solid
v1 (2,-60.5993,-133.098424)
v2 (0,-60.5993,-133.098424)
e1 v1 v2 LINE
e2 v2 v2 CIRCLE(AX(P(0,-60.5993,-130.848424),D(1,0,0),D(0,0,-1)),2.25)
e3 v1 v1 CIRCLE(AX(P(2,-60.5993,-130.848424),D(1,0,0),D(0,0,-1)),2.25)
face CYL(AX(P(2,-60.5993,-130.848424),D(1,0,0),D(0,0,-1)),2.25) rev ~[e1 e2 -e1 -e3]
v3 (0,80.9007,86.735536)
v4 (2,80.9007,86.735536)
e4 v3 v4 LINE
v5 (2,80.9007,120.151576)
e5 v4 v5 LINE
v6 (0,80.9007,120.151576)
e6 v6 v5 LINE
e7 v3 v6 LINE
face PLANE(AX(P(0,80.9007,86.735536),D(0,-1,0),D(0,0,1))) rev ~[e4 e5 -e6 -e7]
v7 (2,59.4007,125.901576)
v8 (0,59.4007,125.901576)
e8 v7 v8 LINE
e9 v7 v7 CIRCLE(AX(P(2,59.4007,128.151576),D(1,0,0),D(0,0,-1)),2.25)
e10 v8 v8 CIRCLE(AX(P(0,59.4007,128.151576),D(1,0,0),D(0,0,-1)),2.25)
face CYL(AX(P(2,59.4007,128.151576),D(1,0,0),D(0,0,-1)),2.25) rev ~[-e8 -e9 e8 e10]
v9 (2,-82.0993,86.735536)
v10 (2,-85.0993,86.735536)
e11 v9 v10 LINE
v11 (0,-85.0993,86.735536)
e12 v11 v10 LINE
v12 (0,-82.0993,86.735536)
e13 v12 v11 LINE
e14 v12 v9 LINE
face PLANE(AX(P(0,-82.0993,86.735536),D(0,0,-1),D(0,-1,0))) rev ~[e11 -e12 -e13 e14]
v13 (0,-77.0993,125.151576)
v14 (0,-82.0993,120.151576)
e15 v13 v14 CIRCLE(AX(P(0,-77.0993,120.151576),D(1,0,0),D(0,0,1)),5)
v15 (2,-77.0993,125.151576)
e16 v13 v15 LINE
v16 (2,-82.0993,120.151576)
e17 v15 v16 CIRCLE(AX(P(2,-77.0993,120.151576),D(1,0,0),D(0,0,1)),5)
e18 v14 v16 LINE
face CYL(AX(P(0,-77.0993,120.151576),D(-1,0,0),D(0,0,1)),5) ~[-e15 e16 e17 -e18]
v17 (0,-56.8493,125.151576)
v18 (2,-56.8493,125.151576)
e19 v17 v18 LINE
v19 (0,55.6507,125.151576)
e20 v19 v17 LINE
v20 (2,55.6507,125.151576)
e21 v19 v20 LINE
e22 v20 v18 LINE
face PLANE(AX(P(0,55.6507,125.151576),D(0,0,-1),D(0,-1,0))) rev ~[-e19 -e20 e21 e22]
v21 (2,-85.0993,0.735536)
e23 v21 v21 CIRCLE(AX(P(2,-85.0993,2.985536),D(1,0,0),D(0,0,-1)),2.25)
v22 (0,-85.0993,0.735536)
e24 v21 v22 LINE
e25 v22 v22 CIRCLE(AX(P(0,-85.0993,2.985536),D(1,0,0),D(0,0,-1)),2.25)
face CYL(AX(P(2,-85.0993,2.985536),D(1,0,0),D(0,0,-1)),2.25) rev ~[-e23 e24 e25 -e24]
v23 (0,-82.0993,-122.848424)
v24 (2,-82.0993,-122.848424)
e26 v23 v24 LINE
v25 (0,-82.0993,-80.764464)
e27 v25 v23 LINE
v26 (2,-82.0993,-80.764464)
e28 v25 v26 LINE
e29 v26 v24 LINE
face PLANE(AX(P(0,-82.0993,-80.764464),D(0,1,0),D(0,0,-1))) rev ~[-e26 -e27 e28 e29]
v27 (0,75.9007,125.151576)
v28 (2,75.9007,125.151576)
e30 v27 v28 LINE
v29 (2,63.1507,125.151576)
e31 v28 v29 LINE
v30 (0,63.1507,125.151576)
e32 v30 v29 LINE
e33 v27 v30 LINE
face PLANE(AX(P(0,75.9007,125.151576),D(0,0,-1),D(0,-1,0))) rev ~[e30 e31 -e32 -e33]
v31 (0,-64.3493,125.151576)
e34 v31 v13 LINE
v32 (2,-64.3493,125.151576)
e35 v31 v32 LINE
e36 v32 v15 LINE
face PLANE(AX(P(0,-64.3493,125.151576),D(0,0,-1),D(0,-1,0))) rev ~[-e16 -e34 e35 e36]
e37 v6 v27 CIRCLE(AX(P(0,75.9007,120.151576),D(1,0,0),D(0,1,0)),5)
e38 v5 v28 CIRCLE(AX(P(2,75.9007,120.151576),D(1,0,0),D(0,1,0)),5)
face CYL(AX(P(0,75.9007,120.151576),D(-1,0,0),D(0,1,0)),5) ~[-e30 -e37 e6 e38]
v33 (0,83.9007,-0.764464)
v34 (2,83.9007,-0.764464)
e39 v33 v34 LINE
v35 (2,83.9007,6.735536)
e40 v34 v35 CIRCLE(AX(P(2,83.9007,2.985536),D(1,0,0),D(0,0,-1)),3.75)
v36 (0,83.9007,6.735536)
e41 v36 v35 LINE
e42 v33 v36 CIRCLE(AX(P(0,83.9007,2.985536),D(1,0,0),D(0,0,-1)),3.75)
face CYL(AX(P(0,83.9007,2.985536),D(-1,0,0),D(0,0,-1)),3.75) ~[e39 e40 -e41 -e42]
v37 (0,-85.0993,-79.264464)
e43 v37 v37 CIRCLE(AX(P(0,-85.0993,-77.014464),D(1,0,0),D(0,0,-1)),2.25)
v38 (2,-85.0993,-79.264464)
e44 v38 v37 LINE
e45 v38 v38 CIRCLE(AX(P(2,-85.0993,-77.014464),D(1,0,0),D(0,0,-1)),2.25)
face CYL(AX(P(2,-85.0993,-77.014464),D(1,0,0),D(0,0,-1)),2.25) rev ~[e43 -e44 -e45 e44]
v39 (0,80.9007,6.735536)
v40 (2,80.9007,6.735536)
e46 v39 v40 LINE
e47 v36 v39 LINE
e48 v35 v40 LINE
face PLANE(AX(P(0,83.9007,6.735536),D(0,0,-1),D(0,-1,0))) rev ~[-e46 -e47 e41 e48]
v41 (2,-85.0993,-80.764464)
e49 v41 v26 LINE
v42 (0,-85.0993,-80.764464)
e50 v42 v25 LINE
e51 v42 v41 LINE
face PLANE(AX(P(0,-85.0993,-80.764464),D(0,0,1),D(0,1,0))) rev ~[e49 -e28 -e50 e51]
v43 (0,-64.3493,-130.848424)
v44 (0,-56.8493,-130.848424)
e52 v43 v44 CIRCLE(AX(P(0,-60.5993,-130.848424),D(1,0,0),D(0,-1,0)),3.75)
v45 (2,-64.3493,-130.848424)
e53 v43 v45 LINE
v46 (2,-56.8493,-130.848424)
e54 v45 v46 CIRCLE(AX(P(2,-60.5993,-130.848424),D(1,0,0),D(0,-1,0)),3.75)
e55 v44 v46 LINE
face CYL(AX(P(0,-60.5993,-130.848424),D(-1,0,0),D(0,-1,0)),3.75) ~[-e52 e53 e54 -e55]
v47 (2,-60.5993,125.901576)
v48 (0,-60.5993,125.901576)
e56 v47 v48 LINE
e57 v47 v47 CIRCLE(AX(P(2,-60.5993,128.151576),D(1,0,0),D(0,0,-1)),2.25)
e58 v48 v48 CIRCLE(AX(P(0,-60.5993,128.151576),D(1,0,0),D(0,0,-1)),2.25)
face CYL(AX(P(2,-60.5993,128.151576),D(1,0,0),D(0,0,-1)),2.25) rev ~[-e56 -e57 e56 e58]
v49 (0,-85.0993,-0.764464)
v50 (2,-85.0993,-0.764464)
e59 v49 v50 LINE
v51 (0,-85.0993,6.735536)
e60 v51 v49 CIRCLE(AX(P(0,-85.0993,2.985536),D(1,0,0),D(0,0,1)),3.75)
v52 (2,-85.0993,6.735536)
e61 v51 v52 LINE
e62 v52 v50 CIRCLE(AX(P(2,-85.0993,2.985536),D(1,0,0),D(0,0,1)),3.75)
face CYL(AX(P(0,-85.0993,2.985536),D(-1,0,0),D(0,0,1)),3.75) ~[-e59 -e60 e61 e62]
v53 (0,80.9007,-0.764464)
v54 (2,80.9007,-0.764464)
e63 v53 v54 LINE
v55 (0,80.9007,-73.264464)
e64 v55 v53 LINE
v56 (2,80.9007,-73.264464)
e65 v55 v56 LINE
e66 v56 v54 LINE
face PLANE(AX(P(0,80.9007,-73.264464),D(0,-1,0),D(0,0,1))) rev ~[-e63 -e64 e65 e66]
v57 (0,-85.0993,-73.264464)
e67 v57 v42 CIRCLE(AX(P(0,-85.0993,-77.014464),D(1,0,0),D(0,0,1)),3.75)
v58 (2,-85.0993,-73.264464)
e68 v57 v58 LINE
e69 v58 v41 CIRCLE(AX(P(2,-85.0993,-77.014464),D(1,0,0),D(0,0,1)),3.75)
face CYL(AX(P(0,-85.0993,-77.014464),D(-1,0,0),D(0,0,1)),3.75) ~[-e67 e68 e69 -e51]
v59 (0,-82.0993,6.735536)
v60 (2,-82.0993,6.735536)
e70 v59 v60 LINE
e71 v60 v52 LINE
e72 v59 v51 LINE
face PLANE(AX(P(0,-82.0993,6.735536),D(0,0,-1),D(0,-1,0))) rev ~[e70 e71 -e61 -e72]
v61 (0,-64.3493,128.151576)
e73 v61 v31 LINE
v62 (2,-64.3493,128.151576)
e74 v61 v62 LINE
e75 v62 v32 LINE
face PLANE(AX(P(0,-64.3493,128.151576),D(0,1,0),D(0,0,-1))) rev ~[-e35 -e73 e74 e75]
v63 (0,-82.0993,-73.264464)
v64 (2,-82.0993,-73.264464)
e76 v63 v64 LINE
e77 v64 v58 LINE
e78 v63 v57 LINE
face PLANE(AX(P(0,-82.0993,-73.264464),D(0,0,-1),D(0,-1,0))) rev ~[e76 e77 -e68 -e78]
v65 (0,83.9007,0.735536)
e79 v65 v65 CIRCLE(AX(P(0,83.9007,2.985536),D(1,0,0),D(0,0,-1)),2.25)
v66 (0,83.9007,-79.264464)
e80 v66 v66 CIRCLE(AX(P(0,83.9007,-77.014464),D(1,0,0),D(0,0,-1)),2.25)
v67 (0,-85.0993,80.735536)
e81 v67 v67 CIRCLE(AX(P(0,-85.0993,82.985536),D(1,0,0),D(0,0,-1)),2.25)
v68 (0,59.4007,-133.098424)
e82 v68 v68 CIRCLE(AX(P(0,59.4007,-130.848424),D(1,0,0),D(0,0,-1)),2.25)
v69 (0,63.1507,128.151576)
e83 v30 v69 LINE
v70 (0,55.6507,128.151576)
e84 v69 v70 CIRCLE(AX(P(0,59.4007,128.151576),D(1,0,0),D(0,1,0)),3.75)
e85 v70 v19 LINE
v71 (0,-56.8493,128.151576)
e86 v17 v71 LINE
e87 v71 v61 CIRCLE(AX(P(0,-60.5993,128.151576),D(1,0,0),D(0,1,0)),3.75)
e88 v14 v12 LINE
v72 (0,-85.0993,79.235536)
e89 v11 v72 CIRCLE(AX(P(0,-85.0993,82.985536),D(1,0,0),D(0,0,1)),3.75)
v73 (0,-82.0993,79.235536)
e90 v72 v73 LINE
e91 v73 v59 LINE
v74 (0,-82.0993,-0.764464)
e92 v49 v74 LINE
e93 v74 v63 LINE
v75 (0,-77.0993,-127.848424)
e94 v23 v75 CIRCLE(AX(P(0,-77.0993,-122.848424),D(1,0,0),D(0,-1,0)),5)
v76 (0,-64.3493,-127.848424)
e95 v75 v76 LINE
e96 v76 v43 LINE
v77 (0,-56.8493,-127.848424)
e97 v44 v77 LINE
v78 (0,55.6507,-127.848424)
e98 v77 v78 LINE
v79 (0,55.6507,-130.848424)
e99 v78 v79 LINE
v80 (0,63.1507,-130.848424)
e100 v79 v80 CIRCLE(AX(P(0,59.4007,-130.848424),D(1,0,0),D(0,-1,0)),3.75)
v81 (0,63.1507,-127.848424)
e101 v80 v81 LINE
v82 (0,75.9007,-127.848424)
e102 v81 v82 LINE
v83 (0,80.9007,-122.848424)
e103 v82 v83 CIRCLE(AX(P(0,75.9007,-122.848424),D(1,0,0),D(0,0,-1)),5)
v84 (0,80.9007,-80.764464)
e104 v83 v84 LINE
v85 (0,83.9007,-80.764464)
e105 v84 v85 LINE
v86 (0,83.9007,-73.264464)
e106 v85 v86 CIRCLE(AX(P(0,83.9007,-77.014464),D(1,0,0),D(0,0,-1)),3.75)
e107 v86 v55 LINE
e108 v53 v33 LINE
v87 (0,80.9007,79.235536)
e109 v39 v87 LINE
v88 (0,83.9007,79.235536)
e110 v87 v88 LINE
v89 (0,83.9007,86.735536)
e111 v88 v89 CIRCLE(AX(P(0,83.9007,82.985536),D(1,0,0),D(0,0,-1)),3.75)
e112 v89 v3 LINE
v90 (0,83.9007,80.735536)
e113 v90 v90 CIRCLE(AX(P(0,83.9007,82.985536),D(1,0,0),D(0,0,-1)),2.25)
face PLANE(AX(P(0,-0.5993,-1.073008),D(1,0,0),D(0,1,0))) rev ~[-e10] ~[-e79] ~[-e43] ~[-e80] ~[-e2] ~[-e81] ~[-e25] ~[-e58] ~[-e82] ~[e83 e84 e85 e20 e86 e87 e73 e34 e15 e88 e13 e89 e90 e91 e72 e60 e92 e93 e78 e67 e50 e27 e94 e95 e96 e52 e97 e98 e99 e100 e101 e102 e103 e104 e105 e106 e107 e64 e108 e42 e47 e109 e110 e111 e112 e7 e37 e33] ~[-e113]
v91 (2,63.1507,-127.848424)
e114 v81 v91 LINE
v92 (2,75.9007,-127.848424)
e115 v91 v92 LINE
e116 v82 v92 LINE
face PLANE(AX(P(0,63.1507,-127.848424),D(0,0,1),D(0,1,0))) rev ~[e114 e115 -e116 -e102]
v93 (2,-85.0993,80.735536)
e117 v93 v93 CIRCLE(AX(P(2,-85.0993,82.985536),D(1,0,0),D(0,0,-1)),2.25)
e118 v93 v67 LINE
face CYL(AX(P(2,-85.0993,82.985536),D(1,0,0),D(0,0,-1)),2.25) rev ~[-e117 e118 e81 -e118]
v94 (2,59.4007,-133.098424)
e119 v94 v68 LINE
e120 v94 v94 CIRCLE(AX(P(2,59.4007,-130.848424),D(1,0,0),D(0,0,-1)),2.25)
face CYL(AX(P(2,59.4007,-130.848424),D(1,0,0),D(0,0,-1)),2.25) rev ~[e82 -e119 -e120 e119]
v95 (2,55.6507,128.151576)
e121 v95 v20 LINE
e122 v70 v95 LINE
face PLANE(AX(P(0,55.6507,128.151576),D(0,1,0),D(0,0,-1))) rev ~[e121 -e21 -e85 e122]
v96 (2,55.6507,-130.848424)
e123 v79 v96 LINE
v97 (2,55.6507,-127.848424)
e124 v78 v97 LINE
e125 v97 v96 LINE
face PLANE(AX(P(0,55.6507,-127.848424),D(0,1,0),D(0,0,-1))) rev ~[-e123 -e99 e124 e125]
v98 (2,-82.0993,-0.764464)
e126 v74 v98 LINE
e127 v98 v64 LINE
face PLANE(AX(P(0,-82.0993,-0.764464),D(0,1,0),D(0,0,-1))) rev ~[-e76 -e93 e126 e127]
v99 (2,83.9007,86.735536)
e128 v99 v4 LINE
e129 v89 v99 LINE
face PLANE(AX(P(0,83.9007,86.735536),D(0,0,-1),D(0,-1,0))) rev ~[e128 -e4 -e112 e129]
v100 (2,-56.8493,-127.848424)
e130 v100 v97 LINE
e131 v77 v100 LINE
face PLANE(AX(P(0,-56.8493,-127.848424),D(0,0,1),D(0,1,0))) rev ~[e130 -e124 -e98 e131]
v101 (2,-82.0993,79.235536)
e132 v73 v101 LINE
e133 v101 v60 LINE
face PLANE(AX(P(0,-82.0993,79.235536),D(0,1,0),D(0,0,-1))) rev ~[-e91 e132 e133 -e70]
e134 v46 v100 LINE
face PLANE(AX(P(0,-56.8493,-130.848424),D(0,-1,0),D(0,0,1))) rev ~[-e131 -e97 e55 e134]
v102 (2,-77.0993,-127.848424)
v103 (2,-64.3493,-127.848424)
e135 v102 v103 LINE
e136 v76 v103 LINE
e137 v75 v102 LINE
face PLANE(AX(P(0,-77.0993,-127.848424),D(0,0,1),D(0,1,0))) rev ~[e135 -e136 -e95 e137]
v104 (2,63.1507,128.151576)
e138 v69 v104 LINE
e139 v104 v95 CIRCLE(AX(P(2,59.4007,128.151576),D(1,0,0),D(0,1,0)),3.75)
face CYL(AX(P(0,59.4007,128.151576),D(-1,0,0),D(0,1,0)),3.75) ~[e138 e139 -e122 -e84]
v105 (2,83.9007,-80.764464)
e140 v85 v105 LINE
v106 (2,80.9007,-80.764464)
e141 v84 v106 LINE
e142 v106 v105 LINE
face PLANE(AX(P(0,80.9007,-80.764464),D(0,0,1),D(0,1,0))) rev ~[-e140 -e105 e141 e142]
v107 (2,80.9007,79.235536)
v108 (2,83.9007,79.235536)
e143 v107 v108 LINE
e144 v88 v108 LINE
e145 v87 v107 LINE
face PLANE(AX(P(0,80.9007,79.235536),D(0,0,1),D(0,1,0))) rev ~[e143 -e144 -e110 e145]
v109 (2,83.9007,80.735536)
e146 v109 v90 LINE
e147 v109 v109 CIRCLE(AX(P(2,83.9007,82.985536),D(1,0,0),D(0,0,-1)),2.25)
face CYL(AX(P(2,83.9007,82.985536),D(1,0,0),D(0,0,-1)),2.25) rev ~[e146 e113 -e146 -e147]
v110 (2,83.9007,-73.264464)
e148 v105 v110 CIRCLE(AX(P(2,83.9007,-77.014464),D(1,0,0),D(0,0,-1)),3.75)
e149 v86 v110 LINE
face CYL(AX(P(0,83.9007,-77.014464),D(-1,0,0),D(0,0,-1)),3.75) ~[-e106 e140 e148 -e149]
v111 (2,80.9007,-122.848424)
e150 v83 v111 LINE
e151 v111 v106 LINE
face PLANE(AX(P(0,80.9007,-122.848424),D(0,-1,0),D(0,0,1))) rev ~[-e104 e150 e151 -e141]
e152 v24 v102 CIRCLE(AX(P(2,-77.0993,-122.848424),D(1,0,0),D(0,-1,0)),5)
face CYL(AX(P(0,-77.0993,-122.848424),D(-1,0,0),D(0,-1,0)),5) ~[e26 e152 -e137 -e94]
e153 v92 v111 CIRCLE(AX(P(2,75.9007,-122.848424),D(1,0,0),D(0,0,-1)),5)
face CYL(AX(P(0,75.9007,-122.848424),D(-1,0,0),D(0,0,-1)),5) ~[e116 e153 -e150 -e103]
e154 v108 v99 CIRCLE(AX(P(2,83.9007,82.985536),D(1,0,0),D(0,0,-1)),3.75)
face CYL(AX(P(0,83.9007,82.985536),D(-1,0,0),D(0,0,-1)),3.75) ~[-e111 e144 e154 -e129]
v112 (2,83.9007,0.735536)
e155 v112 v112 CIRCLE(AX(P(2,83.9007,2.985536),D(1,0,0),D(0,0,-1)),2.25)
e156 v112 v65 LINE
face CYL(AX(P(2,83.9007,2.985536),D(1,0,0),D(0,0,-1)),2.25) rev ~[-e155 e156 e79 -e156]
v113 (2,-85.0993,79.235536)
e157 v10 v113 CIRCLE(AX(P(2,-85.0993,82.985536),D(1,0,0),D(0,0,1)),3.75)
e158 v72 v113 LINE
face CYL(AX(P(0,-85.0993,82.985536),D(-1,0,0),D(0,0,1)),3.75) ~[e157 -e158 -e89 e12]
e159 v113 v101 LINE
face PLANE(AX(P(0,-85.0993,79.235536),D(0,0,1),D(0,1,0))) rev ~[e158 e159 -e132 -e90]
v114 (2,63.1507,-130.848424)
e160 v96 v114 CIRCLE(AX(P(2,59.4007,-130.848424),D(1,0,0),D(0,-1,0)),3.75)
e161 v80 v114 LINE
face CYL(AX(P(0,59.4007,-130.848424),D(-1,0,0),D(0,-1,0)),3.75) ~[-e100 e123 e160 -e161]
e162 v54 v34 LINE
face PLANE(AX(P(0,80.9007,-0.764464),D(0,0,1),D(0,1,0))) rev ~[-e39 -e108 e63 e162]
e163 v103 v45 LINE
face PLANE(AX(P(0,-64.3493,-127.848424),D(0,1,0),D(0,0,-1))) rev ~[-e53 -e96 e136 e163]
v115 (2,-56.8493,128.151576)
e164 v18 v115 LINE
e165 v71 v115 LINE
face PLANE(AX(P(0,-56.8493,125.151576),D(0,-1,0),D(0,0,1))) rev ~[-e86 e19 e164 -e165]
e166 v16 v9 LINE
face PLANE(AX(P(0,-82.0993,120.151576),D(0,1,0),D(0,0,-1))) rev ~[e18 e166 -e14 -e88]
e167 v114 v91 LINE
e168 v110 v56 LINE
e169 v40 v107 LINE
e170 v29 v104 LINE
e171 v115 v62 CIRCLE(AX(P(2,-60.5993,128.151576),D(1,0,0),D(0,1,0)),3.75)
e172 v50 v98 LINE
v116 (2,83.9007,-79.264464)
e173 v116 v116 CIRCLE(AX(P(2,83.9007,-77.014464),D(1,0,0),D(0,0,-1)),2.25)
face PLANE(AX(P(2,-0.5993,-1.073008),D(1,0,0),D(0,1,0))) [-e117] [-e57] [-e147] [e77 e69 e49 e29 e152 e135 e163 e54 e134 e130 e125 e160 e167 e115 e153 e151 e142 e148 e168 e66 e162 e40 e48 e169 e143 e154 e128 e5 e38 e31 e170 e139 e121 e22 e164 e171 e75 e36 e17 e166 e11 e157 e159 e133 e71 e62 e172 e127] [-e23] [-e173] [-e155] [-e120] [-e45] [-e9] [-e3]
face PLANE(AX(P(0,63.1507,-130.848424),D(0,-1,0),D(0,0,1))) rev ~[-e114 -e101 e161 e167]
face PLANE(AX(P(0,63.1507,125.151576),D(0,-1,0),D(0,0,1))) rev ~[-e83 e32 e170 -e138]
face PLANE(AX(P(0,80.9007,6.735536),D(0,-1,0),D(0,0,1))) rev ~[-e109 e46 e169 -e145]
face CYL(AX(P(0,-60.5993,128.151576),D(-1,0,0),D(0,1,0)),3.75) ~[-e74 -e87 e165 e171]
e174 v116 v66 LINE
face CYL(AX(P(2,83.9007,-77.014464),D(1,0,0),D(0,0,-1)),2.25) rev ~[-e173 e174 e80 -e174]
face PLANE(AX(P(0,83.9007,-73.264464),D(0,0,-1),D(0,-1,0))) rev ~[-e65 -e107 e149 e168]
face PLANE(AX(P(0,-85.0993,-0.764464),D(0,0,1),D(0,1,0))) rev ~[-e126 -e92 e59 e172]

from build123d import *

# Parameters (mm, degrees)
IZIM2_R                     = 1.6
Y_KSEKLIK_EKSTR_ZYON1_DEPTH = 2
IZIM3_R                     = 2.25
KES_EKSTR_ZYON1_DEPTH       = 2


with BuildPart() as part:
    # Çizim2 → Yükseklik-Ekstrüzyon1 (new body)
    with BuildSketch(Plane.YZ):
        with BuildLine():
            Line((-77.099299539, -127.848423963), (-64.349299539, -127.848423963))
            Line((-64.349299539, -127.848423963), (-64.349299539, -130.848423963))
            ThreePointArc((-64.349299539, -130.848423963), (-60.599299539, -134.598423963), (-56.849299539, -130.848423963))
            Line((-56.849299539, -130.848423963), (-56.849299539, -127.848423963))
            Line((-56.849299539, -127.848423963), (55.650700461, -127.848423963))
            Line((55.650700461, -127.848423963), (55.650700461, -130.848423963))
            ThreePointArc((55.650700461, -130.848423963), (59.400700461, -134.598423963), (63.150700461, -130.848423963))
            Line((63.150700461, -130.848423963), (63.150700461, -127.848423963))
            Line((63.150700461, -127.848423963), (75.900700461, -127.848423963))
            ThreePointArc((75.900700461, -127.848423963), (79.436234367, -126.383957869), (80.900700461, -122.848423963))
            Line((80.900700461, -122.848423963), (80.900700461, -80.764464123))
            Line((80.900700461, -80.764464123), (83.900700461, -80.764464123))
            ThreePointArc((83.900700461, -80.764464123), (87.650700461, -77.014464123), (83.900700461, -73.264464123))
            Line((83.900700461, -73.264464123), (80.900700461, -73.264464123))
            Line((80.900700461, -73.264464123), (80.900700461, -0.764464123))
            Line((80.900700461, -0.764464123), (83.900700461, -0.764464123))
            ThreePointArc((83.900700461, -0.764464123), (87.650700461, 2.985535877), (83.900700461, 6.735535877))
            Line((83.900700461, 6.735535877), (80.900700461, 6.735535877))
            Line((80.900700461, 6.735535877), (80.900700461, 79.235535877))
            Line((80.900700461, 79.235535877), (83.900700461, 79.235535877))
            ThreePointArc((83.900700461, 79.235535877), (87.650700461, 82.985535877), (83.900700461, 86.735535877))
            Line((83.900700461, 86.735535877), (80.900700461, 86.735535877))
            Line((80.900700461, 86.735535877), (80.900700461, 120.151576037))
            ThreePointArc((80.900700461, 120.151576037), (79.436234367, 123.687109943), (75.900700461, 125.151576037))
            Line((75.900700461, 125.151576037), (63.150700461, 125.151576037))
            Line((63.150700461, 125.151576037), (63.150700461, 128.151576037))
            ThreePointArc((63.150700461, 128.151576037), (59.400700461, 131.901576037), (55.650700461, 128.151576037))
            Line((55.650700461, 128.151576037), (55.650700461, 125.151576037))
            Line((55.650700461, 125.151576037), (-56.849299539, 125.151576037))
            Line((-56.849299539, 125.151576037), (-56.849299539, 128.151576037))
            ThreePointArc((-56.849299539, 128.151576037), (-60.599299539, 131.901576037), (-64.349299539, 128.151576037))
            Line((-64.349299539, 128.151576037), (-64.349299539, 125.151576037))
            Line((-64.349299539, 125.151576037), (-77.099299539, 125.151576037))
            ThreePointArc((-77.099299539, 125.151576037), (-80.634833445, 123.687109943), (-82.099299539, 120.151576037))
            Line((-82.099299539, 120.151576037), (-82.099299539, 86.735535877))
            Line((-82.099299539, 86.735535877), (-85.099299539, 86.735535877))
            ThreePointArc((-85.099299539, 86.735535877), (-88.849299539, 82.985535877), (-85.099299539, 79.235535877))
            Line((-85.099299539, 79.235535877), (-82.099299539, 79.235535877))
            Line((-82.099299539, 79.235535877), (-82.099299539, 6.735535877))
            Line((-82.099299539, 6.735535877), (-85.099299539, 6.735535877))
            ThreePointArc((-85.099299539, 6.735535877), (-88.849299539, 2.985535877), (-85.099299539, -0.764464123))
            Line((-85.099299539, -0.764464123), (-82.099299539, -0.764464123))
            Line((-82.099299539, -0.764464123), (-82.099299539, -73.264464123))
            Line((-82.099299539, -73.264464123), (-85.099299539, -73.264464123))
            ThreePointArc((-85.099299539, -73.264464123), (-88.849299539, -77.014464123), (-85.099299539, -80.764464123))
            Line((-85.099299539, -80.764464123), (-82.099299539, -80.764464123))
            Line((-82.099299539, -80.764464123), (-82.099299539, -122.848423963))
            ThreePointArc((-82.099299539, -122.848423963), (-80.634833445, -126.383957869), (-77.099299539, -127.848423963))
        make_face()
        with Locations(Location((-85.099299539, 82.985535877, 0), (0, 0, 270))):
            Circle(IZIM2_R, mode=Mode.SUBTRACT)
        with Locations(Location((-85.099299539, 2.985535877, 0), (0, 0, 270))):
            Circle(IZIM2_R, mode=Mode.SUBTRACT)
        with Locations(Location((-85.099299539, -77.014464123, 0), (0, 0, 270))):
            Circle(IZIM2_R, mode=Mode.SUBTRACT)
        with Locations(Location((-60.599299539, -130.848423963, 0), (0, 0, 270))):
            Circle(IZIM2_R, mode=Mode.SUBTRACT)
        with Locations(Location((59.400700461, -130.848423963, 0), (0, 0, 270))):
            Circle(IZIM2_R, mode=Mode.SUBTRACT)
        with Locations(Location((83.900700461, -77.014464123, 0), (0, 0, 270))):
            Circle(IZIM2_R, mode=Mode.SUBTRACT)
        with Locations(Location((83.900700461, 2.985535877, 0), (0, 0, 270))):
            Circle(IZIM2_R, mode=Mode.SUBTRACT)
        with Locations(Location((83.900700461, 82.985535877, 0), (0, 0, 270))):
            Circle(IZIM2_R, mode=Mode.SUBTRACT)
        with Locations(Location((59.400700461, 128.151576037, 0), (0, 0, 270))):
            Circle(IZIM2_R, mode=Mode.SUBTRACT)
        with Locations(Location((-60.599299539, 128.151576037, 0), (0, 0, 270))):
            Circle(IZIM2_R, mode=Mode.SUBTRACT)
    extrude(amount=Y_KSEKLIK_EKSTR_ZYON1_DEPTH)

    # Çizim3 → Kes-Ekstrüzyon1 (cut)
    with BuildSketch(Plane.YZ.offset(2)):
        with Locations(Location((-60.599299539, 128.151576037, 0), (0, 0, 270))):
            Circle(IZIM3_R)
    kes_ekstr_zyon1 = extrude(amount=-KES_EKSTR_ZYON1_DEPTH, mode=Mode.SUBTRACT)

    # Çizim-Çoğaltma1: Kes-Ekstrüzyon1 at 10 more places
    with Locations((0, 120, 0), (0, 144.5, -45.16604), (0, 144.5, -125.16604), (0, 144.5, -205.16604), (0, 120, -259), (0, 0, -259), (0, -24.5, -205.16604), (0, -24.5, -125.16604), (0, -24.5, -45.16604), (0, -147.335631, 64.588173)):
        add(kes_ekstr_zyon1, mode=Mode.SUBTRACT)


solid = part.part
